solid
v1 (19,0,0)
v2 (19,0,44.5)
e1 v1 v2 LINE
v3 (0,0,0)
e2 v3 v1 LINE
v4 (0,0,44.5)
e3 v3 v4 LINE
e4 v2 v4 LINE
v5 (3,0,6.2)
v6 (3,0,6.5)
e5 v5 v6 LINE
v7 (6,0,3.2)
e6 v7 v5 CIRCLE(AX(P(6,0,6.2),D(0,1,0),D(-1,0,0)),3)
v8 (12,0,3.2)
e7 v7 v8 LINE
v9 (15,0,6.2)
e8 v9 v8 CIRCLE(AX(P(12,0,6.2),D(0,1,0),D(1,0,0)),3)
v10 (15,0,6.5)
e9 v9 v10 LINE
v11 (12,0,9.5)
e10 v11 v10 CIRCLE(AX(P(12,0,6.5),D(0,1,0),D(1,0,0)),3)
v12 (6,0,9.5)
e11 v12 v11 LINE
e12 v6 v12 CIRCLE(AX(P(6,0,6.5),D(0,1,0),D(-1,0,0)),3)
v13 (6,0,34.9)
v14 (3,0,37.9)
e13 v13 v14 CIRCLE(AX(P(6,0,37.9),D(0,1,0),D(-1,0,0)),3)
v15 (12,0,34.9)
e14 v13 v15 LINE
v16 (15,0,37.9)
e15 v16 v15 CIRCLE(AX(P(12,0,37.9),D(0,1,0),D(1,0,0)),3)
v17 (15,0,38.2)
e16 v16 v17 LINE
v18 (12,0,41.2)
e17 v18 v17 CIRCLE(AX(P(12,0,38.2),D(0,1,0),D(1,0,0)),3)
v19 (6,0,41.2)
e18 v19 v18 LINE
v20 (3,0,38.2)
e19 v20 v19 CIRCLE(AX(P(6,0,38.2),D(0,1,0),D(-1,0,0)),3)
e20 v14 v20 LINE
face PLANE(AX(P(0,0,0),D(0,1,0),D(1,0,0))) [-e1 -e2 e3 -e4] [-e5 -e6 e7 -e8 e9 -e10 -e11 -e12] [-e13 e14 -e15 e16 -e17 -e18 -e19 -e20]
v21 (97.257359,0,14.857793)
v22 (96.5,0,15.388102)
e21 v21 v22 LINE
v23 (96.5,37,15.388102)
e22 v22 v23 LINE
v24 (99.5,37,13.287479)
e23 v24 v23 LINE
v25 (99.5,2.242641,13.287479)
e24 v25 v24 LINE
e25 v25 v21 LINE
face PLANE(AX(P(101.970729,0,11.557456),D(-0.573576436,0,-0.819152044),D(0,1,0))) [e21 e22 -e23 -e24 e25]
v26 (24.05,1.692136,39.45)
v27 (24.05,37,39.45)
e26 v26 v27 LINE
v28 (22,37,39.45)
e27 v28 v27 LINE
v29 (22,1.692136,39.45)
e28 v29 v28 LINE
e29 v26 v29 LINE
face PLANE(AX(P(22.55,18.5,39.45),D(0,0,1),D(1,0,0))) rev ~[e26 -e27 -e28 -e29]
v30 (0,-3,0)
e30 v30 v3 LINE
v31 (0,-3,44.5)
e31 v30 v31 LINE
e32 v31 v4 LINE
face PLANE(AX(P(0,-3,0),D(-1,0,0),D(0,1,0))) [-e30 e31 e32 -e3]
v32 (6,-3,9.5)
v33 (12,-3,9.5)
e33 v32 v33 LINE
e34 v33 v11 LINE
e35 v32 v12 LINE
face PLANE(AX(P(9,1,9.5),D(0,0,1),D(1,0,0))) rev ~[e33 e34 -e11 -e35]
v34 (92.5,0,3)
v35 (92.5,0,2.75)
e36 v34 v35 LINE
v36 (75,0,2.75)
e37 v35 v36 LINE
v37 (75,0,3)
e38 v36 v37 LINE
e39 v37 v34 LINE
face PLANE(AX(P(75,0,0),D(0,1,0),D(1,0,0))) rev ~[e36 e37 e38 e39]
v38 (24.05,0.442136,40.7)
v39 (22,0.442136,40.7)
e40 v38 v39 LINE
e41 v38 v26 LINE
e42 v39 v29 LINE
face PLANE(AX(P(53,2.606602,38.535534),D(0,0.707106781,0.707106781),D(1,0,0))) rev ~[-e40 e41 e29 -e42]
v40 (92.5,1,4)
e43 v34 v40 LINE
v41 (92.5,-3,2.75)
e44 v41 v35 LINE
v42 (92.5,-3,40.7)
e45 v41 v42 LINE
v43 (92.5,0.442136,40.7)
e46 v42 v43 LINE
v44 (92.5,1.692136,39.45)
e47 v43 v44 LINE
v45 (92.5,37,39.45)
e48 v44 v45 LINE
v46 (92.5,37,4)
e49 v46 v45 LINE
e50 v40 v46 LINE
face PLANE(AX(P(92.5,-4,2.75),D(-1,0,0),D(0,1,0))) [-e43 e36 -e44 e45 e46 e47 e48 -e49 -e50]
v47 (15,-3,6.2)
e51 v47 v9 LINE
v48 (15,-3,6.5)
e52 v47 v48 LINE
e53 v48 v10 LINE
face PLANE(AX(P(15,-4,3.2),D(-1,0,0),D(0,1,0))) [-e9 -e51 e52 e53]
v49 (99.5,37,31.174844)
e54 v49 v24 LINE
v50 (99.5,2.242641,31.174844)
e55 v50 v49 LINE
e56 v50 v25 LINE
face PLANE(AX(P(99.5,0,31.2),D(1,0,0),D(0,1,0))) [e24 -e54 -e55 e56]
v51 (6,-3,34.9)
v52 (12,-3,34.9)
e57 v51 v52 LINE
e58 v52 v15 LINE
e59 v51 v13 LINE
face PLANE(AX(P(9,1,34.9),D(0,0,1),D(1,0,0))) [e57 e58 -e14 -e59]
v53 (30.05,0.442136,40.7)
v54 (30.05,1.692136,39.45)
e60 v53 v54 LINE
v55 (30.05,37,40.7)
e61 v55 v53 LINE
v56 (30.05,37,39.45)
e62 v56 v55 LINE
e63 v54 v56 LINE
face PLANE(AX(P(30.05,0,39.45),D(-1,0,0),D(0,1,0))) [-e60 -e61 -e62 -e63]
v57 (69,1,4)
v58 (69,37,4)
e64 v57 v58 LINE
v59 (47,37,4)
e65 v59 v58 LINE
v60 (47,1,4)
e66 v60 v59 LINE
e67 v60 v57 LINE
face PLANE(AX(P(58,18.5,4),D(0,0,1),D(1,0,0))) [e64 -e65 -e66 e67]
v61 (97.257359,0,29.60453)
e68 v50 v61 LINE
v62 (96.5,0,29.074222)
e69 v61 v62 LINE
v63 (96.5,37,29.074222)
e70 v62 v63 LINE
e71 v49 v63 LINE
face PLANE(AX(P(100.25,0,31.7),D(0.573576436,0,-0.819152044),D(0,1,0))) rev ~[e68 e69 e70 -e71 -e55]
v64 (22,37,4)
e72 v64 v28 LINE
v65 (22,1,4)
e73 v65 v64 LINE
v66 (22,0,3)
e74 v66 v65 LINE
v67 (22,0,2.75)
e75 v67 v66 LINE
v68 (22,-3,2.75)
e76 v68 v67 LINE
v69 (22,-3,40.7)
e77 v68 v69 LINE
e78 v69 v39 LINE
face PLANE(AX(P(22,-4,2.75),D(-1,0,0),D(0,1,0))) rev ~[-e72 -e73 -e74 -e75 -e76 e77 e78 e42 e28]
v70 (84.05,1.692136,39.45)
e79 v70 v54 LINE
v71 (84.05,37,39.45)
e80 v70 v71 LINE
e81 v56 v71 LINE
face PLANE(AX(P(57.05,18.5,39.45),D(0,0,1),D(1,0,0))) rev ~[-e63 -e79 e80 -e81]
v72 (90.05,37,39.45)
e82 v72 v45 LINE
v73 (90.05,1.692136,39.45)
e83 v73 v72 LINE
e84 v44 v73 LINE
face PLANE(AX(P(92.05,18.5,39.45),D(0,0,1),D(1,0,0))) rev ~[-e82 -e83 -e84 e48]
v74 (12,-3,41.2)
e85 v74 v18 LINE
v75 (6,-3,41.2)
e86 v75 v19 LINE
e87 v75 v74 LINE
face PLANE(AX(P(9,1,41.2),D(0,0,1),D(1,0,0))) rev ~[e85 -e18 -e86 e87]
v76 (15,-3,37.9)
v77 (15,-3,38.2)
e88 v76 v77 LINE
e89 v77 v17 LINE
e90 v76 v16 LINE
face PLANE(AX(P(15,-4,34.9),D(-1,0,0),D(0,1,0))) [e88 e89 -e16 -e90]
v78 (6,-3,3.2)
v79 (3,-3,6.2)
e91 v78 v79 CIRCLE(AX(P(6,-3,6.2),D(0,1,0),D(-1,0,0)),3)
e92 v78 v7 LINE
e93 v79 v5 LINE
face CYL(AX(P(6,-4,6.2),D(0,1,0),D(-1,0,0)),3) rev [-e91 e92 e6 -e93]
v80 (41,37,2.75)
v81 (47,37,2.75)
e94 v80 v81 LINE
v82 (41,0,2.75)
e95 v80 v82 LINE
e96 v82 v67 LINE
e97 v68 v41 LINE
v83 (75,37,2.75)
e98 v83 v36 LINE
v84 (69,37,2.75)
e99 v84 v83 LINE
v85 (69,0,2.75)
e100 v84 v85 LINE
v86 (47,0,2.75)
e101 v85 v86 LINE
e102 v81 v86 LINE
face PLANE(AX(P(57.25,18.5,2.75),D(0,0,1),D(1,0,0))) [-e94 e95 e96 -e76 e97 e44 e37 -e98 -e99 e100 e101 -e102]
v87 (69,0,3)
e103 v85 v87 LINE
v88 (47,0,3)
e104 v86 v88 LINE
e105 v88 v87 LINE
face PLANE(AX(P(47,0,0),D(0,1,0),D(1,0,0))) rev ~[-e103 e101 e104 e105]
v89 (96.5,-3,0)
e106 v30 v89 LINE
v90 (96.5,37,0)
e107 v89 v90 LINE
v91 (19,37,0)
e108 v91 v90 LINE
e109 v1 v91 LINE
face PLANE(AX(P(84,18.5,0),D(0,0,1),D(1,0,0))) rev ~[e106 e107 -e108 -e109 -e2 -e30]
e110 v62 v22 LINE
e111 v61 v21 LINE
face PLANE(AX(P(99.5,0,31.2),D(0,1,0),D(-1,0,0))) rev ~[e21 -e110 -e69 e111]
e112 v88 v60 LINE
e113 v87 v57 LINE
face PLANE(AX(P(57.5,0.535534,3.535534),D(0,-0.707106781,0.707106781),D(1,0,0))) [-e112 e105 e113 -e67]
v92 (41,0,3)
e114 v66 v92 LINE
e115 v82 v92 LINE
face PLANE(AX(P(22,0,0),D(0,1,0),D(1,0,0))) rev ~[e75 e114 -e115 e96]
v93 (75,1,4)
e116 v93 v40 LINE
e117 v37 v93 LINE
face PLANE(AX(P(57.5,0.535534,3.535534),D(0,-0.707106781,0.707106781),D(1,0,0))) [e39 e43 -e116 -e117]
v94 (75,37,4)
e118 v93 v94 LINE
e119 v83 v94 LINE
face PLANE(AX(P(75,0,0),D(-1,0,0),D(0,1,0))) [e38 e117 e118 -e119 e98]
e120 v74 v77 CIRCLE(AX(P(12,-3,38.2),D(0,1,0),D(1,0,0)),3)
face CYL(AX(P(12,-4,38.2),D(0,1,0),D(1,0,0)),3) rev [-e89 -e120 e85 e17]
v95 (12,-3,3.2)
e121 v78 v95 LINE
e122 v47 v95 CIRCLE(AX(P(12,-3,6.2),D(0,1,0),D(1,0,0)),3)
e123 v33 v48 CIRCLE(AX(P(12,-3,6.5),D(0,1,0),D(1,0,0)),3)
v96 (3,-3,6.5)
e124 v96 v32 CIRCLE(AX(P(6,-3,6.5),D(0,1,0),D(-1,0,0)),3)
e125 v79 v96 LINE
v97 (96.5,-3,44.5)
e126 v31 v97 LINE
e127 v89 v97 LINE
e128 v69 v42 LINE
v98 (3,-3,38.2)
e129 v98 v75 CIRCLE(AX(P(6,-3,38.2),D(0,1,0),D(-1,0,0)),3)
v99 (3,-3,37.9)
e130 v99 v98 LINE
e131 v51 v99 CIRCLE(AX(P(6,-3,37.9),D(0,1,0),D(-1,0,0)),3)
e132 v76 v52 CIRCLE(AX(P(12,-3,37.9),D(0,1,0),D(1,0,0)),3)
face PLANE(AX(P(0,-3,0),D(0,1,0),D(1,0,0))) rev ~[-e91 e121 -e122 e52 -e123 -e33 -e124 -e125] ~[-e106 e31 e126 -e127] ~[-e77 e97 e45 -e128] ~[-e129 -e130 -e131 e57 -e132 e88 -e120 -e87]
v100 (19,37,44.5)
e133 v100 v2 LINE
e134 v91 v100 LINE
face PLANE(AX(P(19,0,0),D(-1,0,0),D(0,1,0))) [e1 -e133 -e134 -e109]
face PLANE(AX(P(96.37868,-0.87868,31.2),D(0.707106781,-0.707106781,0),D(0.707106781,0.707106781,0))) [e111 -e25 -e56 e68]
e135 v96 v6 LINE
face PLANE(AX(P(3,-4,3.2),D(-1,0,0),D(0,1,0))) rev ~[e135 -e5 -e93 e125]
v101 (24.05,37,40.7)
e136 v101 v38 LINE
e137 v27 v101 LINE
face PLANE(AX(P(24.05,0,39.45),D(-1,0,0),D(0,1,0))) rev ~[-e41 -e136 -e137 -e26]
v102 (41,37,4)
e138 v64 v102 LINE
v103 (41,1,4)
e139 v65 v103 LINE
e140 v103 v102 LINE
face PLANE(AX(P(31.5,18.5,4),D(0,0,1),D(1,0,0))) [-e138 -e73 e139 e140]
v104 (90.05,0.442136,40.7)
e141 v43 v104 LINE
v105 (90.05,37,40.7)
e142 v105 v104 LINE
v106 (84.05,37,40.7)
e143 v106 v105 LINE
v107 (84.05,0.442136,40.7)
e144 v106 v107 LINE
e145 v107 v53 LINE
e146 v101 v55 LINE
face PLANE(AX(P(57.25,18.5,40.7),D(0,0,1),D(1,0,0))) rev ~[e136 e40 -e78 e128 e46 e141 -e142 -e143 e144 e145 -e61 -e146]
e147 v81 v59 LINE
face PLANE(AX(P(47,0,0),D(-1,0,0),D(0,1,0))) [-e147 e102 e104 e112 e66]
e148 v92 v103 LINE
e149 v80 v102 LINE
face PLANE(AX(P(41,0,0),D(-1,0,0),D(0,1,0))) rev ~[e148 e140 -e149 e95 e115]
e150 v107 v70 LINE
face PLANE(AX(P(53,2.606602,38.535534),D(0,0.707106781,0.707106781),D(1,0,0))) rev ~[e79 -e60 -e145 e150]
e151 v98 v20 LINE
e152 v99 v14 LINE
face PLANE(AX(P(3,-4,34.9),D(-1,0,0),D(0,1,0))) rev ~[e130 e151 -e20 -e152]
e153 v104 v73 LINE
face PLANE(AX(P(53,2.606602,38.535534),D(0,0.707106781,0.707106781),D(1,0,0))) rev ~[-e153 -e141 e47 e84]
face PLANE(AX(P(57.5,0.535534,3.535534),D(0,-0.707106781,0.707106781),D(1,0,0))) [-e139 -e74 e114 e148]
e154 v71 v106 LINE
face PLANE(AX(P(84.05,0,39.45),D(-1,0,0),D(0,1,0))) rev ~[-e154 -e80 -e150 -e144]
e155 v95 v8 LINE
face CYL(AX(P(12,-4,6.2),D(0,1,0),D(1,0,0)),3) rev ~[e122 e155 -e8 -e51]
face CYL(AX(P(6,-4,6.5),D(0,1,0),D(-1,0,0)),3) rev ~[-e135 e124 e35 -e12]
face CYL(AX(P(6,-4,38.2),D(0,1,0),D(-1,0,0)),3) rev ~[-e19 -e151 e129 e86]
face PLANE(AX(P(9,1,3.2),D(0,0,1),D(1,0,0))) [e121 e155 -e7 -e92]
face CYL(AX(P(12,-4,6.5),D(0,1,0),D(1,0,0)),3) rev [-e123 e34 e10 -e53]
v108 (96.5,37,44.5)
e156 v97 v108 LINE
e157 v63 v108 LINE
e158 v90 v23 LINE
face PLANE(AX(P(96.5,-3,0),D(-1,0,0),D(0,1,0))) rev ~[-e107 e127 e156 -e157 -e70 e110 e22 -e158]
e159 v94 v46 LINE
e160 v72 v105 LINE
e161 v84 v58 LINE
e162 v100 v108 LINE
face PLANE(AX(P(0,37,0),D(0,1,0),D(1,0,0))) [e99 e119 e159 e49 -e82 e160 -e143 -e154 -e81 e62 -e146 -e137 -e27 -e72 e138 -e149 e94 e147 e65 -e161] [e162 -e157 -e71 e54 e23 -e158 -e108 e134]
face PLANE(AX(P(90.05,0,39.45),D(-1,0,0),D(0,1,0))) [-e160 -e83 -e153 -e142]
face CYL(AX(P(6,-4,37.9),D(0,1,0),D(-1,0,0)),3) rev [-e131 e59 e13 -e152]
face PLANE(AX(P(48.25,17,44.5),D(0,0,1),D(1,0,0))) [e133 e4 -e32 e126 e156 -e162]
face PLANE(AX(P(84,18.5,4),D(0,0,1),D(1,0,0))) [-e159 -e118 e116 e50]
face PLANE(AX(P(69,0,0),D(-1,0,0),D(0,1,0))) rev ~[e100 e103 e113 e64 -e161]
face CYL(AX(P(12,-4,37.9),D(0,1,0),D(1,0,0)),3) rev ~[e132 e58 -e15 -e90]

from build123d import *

# Parameters (mm, degrees)
BOX027_W               = 71
BOX027_H               = 10
BOX027_DEPTH           = 10
BOX027_PLACEMENT_ANGLE = 45
BOX022_W               = 22
BOX022_H               = 37
BOX022_DEPTH           = 4
BOX023_W               = 18
BOX023_H               = 37
BOX023_DEPTH           = 4
BOX021_W               = 19
BOX021_H               = 37
BOX021_DEPTH           = 4
BOX028_W               = 80
BOX028_H               = 10
BOX028_DEPTH           = 10
BOX028_PLACEMENT_ANGLE = 315
BOX025_W               = 3
BOX025_H               = 37
BOX025_DEPTH           = 4
BOX026_W               = 4
BOX026_H               = 37
BOX026_DEPTH           = 4
BOX024_W               = 54
BOX024_H               = 37
BOX024_DEPTH           = 4
BOX019_W               = 12
BOX019_H               = 10
BOX019_DEPTH           = 6.3
FILLET_R               = 3
BOX020_W               = 12
BOX020_H               = 10
BOX020_DEPTH           = 6.3
FILLET001_R            = 3
BOX018_W               = 19
BOX018_H               = 37
BOX018_DEPTH           = 45
BOX017_W               = 70.5
BOX017_H               = 45
BOX017_DEPTH           = 37.95
BOX016_W               = 96.5
BOX016_H               = 40
BOX016_DEPTH           = 44.5
BOX013_W               = 3
BOX013_H               = 37
BOX013_DEPTH           = 17.92
BOX013_PLACEMENT_ANGLE = 45
BOX014_W               = 3
BOX014_H               = 37
BOX014_DEPTH           = 17.92
BOX014_PLACEMENT_ANGLE = 55
BOX015_W               = 3
BOX015_H               = 37
BOX015_DEPTH           = 17.92
BOX015_PLACEMENT_ANGLE = 125
BOX012_W               = 3
BOX012_H               = 37
BOX012_DEPTH           = 17.92
CUT007_PLACEMENT_ANGLE = 180


with BuildPart() as cube027:
    # Box027 → Box027 (new body)
    with BuildSketch(Plane.XY):
        with Locations((35.5, 5)):
            Rectangle(BOX027_W, BOX027_H)
    extrude(amount=BOX027_DEPTH)


with BuildPart() as cube027_1:
    # Box027 placement: moved
    add(cube027.part.moved(Location((22, -3, 0))).rotate(Axis((22, -3, 0), (1, 0, 0)), BOX027_PLACEMENT_ANGLE))


with BuildPart() as cube022:
    # Box022 → Box022 (new body)
    with BuildSketch(Plane(origin=(47, 0, 0), x_dir=(1, 0, 0), z_dir=(0, 0, 1))):
        with Locations((11, 18.5)):
            Rectangle(BOX022_W, BOX022_H)
    extrude(amount=BOX022_DEPTH)


with BuildPart() as cube023:
    # Box023 → Box023 (new body)
    with BuildSketch(Plane(origin=(75, 0, 0), x_dir=(1, 0, 0), z_dir=(0, 0, 1))):
        with Locations((9, 18.5)):
            Rectangle(BOX023_W, BOX023_H)
    extrude(amount=BOX023_DEPTH)


with BuildPart() as cut010:
    # Box021 → Box021 (new body)
    with BuildSketch(Plane(origin=(22, 0, 0), x_dir=(1, 0, 0), z_dir=(0, 0, 1))):
        with Locations((9.5, 18.5)):
            Rectangle(BOX021_W, BOX021_H)
    extrude(amount=BOX021_DEPTH)

    # Fusion005: union Cube022, Cube023
    add(cube022.part)
    add(cube023.part)

    # Cut010: cut Cube027
    add(cube027_1.part, mode=Mode.SUBTRACT)


with BuildPart() as cube028:
    # Box028 → Box028 (new body)
    with BuildSketch(Plane.XY):
        with Locations((40, 5)):
            Rectangle(BOX028_W, BOX028_H)
    extrude(amount=BOX028_DEPTH)


with BuildPart() as cube028_1:
    # Box028 placement: moved
    add(cube028.part.moved(Location((13, -8, 35))).rotate(Axis((13, -8, 35), (1, 0, 0)), BOX028_PLACEMENT_ANGLE))


with BuildPart() as cube025:
    # Box025 → Box025 (new body)
    with BuildSketch(Plane(origin=(21.05, 0, 39.45), x_dir=(1, 0, 0), z_dir=(0, 0, 1))):
        with Locations((1.5, 18.5)):
            Rectangle(BOX025_W, BOX025_H)
    extrude(amount=BOX025_DEPTH)


with BuildPart() as cube026:
    # Box026 → Box026 (new body)
    with BuildSketch(Plane(origin=(90.05, 0, 39.45), x_dir=(1, 0, 0), z_dir=(0, 0, 1))):
        with Locations((2, 18.5)):
            Rectangle(BOX026_W, BOX026_H)
    extrude(amount=BOX026_DEPTH)


with BuildPart() as cut011:
    # Box024 → Box024 (new body)
    with BuildSketch(Plane(origin=(30.05, 0, 39.45), x_dir=(1, 0, 0), z_dir=(0, 0, 1))):
        with Locations((27, 18.5)):
            Rectangle(BOX024_W, BOX024_H)
    extrude(amount=BOX024_DEPTH)

    # Fusion006: union Cube025, Cube026
    add(cube025.part)
    add(cube026.part)

    # Cut011: cut Cube028
    add(cube028_1.part, mode=Mode.SUBTRACT)


with BuildPart() as fillet_body:
    # Box019 → Box019 (new body)
    with BuildSketch(Plane(origin=(3, -3, 3.2), x_dir=(1, 0, 0), z_dir=(0, 0, 1))):
        with Locations((6, 5)):
            Rectangle(BOX019_W, BOX019_H)
    extrude(amount=BOX019_DEPTH)

    # Fillet
    fillet_edges = [fillet_body.edges().sort_by_distance(p)[0] for p in [
        (3, 2, 9.5),
        (3, 2, 3.2),
        (15, 2, 9.5),
        (15, 2, 3.2),
    ]]
    fillet(fillet_edges, radius=FILLET_R)


with BuildPart() as fillet_body_1:
    # Fillet placement: moved
    add(fillet_body.part.moved(Location((0, -1, 0))))


with BuildPart() as fillet001:
    # Box020 → Box020 (new body)
    with BuildSketch(Plane(origin=(3, -3, 3.2), x_dir=(1, 0, 0), z_dir=(0, 0, 1))):
        with Locations((6, 5)):
            Rectangle(BOX020_W, BOX020_H)
    extrude(amount=BOX020_DEPTH)

    # Fillet001
    fillet001_edges = [fillet001.edges().sort_by_distance(p)[0] for p in [
        (3, 2, 9.5),
        (3, 2, 3.2),
        (15, 2, 9.5),
        (15, 2, 3.2),
    ]]
    fillet(fillet001_edges, radius=FILLET001_R)


with BuildPart() as fillet001_1:
    # Fillet001 placement: moved
    add(fillet001.part.moved(Location((0, -1, 31.7))))


with BuildPart() as fusion004:
    # Box018 → Box018 (new body)
    with BuildSketch(Plane.XY):
        with Locations((9.5, 18.5)):
            Rectangle(BOX018_W, BOX018_H)
    extrude(amount=BOX018_DEPTH)

    # Fusion004: union Fillet body, Fillet001
    add(fillet_body_1.part)
    add(fillet001_1.part)


with BuildPart() as cube017:
    # Box017 → Box017 (new body)
    with BuildSketch(Plane(origin=(22, -4, 2.75), x_dir=(1, 0, 0), z_dir=(0, 0, 1))):
        with Locations((35.25, 22.5)):
            Rectangle(BOX017_W, BOX017_H)
    extrude(amount=BOX017_DEPTH)


with BuildPart() as cube016:
    # Box016 → Box016 (new body)
    with BuildSketch(Plane(origin=(0, -3, 0), x_dir=(1, 0, 0), z_dir=(0, 0, 1))):
        with Locations((48.25, 20)):
            Rectangle(BOX016_W, BOX016_H)
    extrude(amount=BOX016_DEPTH)


with BuildPart() as cube013:
    # Box013 → Box013 (new body)
    with BuildSketch(Plane.XY):
        with Locations((1.5, 18.5)):
            Rectangle(BOX013_W, BOX013_H)
    extrude(amount=BOX013_DEPTH)


with BuildPart() as cube013_1:
    # Box013 placement: moved
    add(cube013.part.moved(Location((314.75, -3, 13.25))).rotate(Axis((314.75, -3, 13.25), (0, 0, 1)), BOX013_PLACEMENT_ANGLE))


with BuildPart() as cube014:
    # Box014 → Box014 (new body)
    with BuildSketch(Plane.XY):
        with Locations((1.5, 18.5)):
            Rectangle(BOX014_W, BOX014_H)
    extrude(amount=BOX014_DEPTH)


with BuildPart() as cube014_1:
    # Box014 placement: moved
    add(cube014.part.moved(Location((313, 0, 12.75))).rotate(Axis((313, 0, 12.75), (0, 1, 0)), BOX014_PLACEMENT_ANGLE))


with BuildPart() as fusion002:
    # Box015 → Box015 (new body)
    with BuildSketch(Plane.XY):
        with Locations((1.5, 18.5)):
            Rectangle(BOX015_W, BOX015_H)
    extrude(amount=BOX015_DEPTH)


with BuildPart() as fusion002_1:
    # Box015 placement: moved
    add(fusion002.part.moved(Location((313, 0, 35.35))).rotate(Axis((313, 0, 35.35), (0, 1, 0)), BOX015_PLACEMENT_ANGLE))

    # Fusion002: union Cube014
    add(cube014_1.part)


with BuildPart() as rack_left_side_shorter:
    # Box012 → Box012 (new body)
    with BuildSketch(Plane(origin=(313.75, 0, 13.25), x_dir=(1, 0, 0), z_dir=(0, 0, 1))):
        with Locations((1.5, 18.5)):
            Rectangle(BOX012_W, BOX012_H)
    extrude(amount=BOX012_DEPTH)

    # Cut006: cut Fusion002
    add(fusion002_1.part, mode=Mode.SUBTRACT)

    # Cut007: cut Cube013
    add(cube013_1.part, mode=Mode.SUBTRACT)


with BuildPart() as rack_left_side_shorter_1:
    # Cut007 placement: moved
    add(rack_left_side_shorter.part.moved(Location((413.25, 0, 44.45))).rotate(Axis((413.25, 0, 44.45), (0, 1, 0)), CUT007_PLACEMENT_ANGLE))

    # Fusion003: union Cube016
    add(cube016.part)

    # Cut008: cut Cube017
    add(cube017.part, mode=Mode.SUBTRACT)

    # Cut009: cut Fusion004
    add(fusion004.part, mode=Mode.SUBTRACT)

    # Fusion007: union Cut010, Cut011
    add(cut010.part)
    add(cut011.part)


solid = rack_left_side_shorter_1.part
